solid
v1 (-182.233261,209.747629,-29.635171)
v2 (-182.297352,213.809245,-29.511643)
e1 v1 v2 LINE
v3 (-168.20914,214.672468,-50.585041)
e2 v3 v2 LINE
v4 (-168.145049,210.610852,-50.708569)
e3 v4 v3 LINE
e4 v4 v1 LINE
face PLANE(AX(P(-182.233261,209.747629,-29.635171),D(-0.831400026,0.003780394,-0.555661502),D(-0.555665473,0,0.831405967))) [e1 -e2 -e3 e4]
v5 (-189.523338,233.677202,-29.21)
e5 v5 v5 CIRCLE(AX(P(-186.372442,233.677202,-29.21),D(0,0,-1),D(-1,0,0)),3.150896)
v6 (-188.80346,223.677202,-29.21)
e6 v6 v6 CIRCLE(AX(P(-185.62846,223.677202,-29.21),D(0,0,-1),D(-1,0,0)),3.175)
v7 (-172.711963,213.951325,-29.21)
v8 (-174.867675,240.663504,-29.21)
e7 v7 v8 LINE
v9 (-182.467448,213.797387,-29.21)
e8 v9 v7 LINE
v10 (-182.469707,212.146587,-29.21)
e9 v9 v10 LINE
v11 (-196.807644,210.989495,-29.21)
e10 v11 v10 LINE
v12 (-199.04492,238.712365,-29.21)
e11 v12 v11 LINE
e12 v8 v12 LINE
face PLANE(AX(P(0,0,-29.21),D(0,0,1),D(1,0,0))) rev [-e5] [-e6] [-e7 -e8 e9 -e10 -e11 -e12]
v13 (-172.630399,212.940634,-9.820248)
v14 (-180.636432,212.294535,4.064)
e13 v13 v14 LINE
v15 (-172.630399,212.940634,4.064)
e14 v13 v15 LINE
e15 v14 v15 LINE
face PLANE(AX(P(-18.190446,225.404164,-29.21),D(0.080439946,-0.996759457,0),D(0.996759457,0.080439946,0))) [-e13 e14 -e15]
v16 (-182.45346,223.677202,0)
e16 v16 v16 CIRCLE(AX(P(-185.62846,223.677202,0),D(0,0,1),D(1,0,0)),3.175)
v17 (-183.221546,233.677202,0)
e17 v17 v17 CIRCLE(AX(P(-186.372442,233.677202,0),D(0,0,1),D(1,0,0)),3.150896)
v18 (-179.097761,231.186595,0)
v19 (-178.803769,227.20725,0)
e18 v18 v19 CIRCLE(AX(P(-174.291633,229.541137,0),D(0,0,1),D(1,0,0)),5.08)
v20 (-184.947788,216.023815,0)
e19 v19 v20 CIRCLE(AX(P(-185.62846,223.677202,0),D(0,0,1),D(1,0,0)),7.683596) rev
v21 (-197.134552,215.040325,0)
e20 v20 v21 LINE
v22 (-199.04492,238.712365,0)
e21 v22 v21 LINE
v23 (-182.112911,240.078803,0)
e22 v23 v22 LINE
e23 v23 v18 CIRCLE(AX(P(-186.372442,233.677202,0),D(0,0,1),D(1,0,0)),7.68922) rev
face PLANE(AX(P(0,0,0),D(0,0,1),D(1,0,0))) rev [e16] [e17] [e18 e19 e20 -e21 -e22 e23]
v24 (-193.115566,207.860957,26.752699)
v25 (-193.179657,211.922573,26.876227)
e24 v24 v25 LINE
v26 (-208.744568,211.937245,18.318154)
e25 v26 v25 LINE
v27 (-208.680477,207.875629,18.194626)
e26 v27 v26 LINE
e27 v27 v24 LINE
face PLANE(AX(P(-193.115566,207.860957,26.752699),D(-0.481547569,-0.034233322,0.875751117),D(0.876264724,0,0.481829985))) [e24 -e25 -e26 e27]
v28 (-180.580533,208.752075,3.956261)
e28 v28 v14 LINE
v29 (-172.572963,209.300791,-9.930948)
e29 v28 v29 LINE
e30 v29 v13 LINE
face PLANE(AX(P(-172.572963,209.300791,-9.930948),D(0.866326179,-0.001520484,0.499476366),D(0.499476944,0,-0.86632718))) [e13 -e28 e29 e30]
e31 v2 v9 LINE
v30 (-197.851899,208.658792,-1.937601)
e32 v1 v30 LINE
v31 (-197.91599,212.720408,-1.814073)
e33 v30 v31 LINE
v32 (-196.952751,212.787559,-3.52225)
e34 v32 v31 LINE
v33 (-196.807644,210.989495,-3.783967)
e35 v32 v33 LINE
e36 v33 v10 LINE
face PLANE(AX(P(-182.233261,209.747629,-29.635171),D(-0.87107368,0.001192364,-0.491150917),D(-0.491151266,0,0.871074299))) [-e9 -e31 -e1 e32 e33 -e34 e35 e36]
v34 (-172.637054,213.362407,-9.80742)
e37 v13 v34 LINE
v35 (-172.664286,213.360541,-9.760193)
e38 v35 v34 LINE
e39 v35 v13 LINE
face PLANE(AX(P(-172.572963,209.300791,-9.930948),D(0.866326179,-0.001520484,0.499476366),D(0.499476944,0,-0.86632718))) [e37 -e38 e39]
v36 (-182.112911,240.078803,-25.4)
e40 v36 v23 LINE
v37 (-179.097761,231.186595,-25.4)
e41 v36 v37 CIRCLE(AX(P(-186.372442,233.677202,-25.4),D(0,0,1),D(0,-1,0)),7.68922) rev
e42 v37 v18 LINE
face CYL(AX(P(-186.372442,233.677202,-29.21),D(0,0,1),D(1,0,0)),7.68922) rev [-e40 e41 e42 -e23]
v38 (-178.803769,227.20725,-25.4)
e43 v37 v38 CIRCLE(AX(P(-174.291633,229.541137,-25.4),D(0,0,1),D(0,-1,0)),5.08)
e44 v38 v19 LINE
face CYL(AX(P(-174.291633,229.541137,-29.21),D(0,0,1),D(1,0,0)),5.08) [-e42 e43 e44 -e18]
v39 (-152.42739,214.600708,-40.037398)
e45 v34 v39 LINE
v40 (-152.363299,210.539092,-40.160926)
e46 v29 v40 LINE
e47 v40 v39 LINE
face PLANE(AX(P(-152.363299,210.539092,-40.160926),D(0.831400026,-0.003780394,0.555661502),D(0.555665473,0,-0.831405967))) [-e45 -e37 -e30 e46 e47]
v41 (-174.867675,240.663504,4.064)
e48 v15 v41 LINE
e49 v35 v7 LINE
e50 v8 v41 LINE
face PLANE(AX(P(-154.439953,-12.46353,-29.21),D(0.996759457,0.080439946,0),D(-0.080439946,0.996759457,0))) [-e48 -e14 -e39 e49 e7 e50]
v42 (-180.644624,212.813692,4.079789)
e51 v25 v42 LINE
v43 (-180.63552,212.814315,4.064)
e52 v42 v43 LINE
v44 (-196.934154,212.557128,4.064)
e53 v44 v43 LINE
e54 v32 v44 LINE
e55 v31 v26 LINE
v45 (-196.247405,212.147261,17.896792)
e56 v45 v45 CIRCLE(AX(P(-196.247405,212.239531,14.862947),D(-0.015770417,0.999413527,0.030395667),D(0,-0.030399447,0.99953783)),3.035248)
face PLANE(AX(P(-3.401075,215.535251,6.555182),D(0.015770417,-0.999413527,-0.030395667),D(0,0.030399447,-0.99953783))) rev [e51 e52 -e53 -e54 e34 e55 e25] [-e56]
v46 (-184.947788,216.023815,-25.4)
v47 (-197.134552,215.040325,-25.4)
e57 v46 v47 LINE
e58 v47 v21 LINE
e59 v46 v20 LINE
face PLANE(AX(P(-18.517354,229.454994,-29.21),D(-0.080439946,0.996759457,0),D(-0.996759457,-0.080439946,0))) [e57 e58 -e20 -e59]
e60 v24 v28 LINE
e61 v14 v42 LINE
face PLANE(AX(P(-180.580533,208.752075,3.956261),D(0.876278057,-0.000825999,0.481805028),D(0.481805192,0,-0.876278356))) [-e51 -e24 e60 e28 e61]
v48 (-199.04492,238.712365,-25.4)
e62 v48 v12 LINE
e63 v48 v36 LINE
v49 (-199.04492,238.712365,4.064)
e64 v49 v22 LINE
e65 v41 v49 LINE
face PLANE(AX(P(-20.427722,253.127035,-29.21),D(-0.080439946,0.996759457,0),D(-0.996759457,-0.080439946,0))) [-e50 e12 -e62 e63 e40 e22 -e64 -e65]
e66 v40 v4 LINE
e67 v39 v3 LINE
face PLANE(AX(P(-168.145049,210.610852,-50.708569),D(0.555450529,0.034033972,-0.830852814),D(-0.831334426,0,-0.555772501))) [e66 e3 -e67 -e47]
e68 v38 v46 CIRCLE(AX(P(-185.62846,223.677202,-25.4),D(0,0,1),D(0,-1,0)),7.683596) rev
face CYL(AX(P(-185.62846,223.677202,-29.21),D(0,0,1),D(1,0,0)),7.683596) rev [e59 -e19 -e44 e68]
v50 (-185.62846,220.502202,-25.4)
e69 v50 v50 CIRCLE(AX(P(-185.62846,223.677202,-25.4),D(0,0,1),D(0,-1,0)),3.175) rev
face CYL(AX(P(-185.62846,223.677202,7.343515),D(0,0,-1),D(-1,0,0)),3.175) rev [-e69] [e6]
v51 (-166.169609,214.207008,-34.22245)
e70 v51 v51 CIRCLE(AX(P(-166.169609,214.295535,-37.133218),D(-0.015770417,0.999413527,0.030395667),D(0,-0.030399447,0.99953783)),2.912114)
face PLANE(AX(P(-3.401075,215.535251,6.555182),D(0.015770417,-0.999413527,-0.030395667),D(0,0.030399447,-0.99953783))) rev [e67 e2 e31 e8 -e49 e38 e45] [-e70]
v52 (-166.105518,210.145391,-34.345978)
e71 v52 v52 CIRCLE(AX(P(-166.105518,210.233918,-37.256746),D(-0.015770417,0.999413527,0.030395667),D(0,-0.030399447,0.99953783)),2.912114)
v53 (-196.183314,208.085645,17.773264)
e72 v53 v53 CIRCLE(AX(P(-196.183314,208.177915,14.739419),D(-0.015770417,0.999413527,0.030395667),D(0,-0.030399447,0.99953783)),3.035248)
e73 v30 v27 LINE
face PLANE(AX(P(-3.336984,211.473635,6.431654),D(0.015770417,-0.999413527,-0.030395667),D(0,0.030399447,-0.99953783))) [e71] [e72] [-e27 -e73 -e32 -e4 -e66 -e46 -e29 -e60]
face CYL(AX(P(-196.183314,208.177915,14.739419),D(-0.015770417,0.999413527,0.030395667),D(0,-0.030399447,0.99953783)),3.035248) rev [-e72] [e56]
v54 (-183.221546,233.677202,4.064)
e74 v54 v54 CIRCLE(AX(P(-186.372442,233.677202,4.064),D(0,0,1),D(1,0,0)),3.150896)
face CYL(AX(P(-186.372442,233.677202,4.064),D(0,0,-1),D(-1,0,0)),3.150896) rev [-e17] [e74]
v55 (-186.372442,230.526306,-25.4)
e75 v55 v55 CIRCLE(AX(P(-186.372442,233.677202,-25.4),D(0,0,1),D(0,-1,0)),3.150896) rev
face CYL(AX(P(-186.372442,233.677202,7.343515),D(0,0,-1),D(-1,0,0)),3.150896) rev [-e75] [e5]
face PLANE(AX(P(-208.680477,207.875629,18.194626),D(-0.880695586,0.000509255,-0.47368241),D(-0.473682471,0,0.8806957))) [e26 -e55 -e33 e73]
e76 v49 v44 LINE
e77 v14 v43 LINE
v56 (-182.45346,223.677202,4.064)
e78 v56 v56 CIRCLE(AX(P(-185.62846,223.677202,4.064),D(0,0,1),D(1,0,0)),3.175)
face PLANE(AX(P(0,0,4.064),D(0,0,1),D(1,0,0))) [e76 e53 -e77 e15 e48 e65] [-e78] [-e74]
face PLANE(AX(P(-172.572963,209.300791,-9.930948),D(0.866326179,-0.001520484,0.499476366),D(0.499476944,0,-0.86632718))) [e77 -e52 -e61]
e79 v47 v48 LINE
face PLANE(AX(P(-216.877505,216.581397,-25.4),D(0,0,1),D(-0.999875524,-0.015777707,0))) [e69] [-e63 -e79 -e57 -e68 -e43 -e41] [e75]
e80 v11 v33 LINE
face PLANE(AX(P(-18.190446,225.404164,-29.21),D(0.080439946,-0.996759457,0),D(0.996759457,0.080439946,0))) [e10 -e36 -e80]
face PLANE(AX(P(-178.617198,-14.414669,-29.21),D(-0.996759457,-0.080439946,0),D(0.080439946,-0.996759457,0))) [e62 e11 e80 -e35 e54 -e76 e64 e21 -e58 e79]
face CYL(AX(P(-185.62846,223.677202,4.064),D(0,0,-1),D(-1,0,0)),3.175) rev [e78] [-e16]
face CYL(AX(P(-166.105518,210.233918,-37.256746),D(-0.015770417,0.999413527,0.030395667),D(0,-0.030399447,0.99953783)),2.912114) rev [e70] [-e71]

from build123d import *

# Parameters (mm, degrees)
BOSS_EXTRUDE1_DEPTH = 29.21
SKETCH2_R           = 3.175
SKETCH2_R_2         = 3.150896054
BOSS_EXTRUDE2_DEPTH = 4.064
BOSS_EXTRUDE3_START = -3.81
SKETCH3_R           = 3.150896054
SKETCH3_R_2         = 3.175
BOSS_EXTRUDE3_DEPTH = 3.81
SKETCH4_R           = 2.912114347
SKETCH4_R_2         = 3.035248441
BOSS_EXTRUDE4_DEPTH = 4.064


with BuildPart() as part:
    # Sketch1 → Boss-Extrude1 (new body)
    with BuildSketch(Plane.XY):
        with BuildLine():
            Line((-184.947787902, 216.023814704), (-197.134551999, 215.040325013))
            Line((-197.134551999, 215.040325013), (-196.807644057, 210.989494579))
            Line((-196.807644057, 210.989494579), (-172.630398999, 212.940633626))
            Line((-172.630398999, 212.940633626), (-174.867675228, 240.663504402))
            Line((-174.867675228, 240.663504402), (-182.112910704, 240.0788033))
            ThreePointArc((-182.112910704, 240.0788033), (-179.090453568, 236.146361834), (-179.097761142, 231.186594741))
            ThreePointArc((-179.097761142, 231.186594741), (-179.357825473, 229.166849047), (-178.803768808, 227.207250277))
            ThreePointArc((-178.803768808, 227.207250277), (-178.89422454, 219.977509591), (-184.947787902, 216.023814704))
        make_face()
    extrude(amount=-BOSS_EXTRUDE1_DEPTH)

    # Sketch2 → Boss-Extrude2 (add)
    with BuildSketch(Plane.XY):
        Polygon((-174.867675228, 240.663504402), (-172.630398999, 212.940633626), (-196.807644057, 210.989494579), (-199.044920286, 238.712365356), align=None)
        with Locations((-185.628460018, 223.67720197)):
            Circle(SKETCH2_R, mode=Mode.SUBTRACT)
        with Locations((-186.37244208, 233.67720197)):
            Circle(SKETCH2_R_2, mode=Mode.SUBTRACT)
    extrude(amount=BOSS_EXTRUDE2_DEPTH)

    # Sketch3 → Boss-Extrude3 (add)
    with BuildSketch(Plane(origin=(0, 0, -29.21), x_dir=(-1, 0, 0), z_dir=(0, 0, -1)).offset(BOSS_EXTRUDE3_START)):
        with BuildLine():
            Line((197.134551999, 215.040325013), (199.044920286, 238.712365356))
            Line((199.044920286, 238.712365356), (182.112910704, 240.0788033))
            ThreePointArc((182.112910704, 240.0788033), (179.090453568, 236.146361834), (179.097761142, 231.186594741))
            ThreePointArc((179.097761142, 231.186594741), (179.357825473, 229.166849047), (178.803768808, 227.207250277))
            ThreePointArc((178.803768808, 227.207250277), (178.89422454, 219.977509591), (184.947787902, 216.023814704))
            Line((184.947787902, 216.023814704), (197.134551999, 215.040325013))
        make_face()
        with Locations(Location((186.37244208, 233.67720197, 0), (0, 0, 180))):
            Circle(SKETCH3_R, mode=Mode.SUBTRACT)
        with Locations(Location((185.628460018, 223.67720197, 0), (0, 0, 180))):
            Circle(SKETCH3_R_2, mode=Mode.SUBTRACT)
    extrude(amount=BOSS_EXTRUDE3_DEPTH)

    # Sketch4 → Boss-Extrude4 (add)
    with BuildSketch(Plane(origin=(-3.401075391, 215.535251129, 6.555182159), x_dir=(0.9998756392437431, 0.015763128213975516, 0.0004794119583323757), z_dir=(-0.01577041682759283, 0.9994135267149824, 0.030395666997208134))):
        Polygon((-178.918526698, 35.997686208), (-164.828562801, 57.087586654), (-149.044849512, 46.542636431), (-169.257027987, 16.288986745), (-177.265593638, 2.391514831), (-189.802185869, -20.421476842), (-205.369032328, -11.866912445), (-194.539107817, 8.279817663), align=None)
        with Locations(Location((-162.788777802, 43.630522083, 0), (0, 0, 270))):
            Circle(SKETCH4_R, mode=Mode.SUBTRACT)
        with Locations(Location((-192.870314924, -8.404113006, 0), (0, 0, 270))):
            Circle(SKETCH4_R_2, mode=Mode.SUBTRACT)
    extrude(amount=-BOSS_EXTRUDE4_DEPTH)


solid = part.part
